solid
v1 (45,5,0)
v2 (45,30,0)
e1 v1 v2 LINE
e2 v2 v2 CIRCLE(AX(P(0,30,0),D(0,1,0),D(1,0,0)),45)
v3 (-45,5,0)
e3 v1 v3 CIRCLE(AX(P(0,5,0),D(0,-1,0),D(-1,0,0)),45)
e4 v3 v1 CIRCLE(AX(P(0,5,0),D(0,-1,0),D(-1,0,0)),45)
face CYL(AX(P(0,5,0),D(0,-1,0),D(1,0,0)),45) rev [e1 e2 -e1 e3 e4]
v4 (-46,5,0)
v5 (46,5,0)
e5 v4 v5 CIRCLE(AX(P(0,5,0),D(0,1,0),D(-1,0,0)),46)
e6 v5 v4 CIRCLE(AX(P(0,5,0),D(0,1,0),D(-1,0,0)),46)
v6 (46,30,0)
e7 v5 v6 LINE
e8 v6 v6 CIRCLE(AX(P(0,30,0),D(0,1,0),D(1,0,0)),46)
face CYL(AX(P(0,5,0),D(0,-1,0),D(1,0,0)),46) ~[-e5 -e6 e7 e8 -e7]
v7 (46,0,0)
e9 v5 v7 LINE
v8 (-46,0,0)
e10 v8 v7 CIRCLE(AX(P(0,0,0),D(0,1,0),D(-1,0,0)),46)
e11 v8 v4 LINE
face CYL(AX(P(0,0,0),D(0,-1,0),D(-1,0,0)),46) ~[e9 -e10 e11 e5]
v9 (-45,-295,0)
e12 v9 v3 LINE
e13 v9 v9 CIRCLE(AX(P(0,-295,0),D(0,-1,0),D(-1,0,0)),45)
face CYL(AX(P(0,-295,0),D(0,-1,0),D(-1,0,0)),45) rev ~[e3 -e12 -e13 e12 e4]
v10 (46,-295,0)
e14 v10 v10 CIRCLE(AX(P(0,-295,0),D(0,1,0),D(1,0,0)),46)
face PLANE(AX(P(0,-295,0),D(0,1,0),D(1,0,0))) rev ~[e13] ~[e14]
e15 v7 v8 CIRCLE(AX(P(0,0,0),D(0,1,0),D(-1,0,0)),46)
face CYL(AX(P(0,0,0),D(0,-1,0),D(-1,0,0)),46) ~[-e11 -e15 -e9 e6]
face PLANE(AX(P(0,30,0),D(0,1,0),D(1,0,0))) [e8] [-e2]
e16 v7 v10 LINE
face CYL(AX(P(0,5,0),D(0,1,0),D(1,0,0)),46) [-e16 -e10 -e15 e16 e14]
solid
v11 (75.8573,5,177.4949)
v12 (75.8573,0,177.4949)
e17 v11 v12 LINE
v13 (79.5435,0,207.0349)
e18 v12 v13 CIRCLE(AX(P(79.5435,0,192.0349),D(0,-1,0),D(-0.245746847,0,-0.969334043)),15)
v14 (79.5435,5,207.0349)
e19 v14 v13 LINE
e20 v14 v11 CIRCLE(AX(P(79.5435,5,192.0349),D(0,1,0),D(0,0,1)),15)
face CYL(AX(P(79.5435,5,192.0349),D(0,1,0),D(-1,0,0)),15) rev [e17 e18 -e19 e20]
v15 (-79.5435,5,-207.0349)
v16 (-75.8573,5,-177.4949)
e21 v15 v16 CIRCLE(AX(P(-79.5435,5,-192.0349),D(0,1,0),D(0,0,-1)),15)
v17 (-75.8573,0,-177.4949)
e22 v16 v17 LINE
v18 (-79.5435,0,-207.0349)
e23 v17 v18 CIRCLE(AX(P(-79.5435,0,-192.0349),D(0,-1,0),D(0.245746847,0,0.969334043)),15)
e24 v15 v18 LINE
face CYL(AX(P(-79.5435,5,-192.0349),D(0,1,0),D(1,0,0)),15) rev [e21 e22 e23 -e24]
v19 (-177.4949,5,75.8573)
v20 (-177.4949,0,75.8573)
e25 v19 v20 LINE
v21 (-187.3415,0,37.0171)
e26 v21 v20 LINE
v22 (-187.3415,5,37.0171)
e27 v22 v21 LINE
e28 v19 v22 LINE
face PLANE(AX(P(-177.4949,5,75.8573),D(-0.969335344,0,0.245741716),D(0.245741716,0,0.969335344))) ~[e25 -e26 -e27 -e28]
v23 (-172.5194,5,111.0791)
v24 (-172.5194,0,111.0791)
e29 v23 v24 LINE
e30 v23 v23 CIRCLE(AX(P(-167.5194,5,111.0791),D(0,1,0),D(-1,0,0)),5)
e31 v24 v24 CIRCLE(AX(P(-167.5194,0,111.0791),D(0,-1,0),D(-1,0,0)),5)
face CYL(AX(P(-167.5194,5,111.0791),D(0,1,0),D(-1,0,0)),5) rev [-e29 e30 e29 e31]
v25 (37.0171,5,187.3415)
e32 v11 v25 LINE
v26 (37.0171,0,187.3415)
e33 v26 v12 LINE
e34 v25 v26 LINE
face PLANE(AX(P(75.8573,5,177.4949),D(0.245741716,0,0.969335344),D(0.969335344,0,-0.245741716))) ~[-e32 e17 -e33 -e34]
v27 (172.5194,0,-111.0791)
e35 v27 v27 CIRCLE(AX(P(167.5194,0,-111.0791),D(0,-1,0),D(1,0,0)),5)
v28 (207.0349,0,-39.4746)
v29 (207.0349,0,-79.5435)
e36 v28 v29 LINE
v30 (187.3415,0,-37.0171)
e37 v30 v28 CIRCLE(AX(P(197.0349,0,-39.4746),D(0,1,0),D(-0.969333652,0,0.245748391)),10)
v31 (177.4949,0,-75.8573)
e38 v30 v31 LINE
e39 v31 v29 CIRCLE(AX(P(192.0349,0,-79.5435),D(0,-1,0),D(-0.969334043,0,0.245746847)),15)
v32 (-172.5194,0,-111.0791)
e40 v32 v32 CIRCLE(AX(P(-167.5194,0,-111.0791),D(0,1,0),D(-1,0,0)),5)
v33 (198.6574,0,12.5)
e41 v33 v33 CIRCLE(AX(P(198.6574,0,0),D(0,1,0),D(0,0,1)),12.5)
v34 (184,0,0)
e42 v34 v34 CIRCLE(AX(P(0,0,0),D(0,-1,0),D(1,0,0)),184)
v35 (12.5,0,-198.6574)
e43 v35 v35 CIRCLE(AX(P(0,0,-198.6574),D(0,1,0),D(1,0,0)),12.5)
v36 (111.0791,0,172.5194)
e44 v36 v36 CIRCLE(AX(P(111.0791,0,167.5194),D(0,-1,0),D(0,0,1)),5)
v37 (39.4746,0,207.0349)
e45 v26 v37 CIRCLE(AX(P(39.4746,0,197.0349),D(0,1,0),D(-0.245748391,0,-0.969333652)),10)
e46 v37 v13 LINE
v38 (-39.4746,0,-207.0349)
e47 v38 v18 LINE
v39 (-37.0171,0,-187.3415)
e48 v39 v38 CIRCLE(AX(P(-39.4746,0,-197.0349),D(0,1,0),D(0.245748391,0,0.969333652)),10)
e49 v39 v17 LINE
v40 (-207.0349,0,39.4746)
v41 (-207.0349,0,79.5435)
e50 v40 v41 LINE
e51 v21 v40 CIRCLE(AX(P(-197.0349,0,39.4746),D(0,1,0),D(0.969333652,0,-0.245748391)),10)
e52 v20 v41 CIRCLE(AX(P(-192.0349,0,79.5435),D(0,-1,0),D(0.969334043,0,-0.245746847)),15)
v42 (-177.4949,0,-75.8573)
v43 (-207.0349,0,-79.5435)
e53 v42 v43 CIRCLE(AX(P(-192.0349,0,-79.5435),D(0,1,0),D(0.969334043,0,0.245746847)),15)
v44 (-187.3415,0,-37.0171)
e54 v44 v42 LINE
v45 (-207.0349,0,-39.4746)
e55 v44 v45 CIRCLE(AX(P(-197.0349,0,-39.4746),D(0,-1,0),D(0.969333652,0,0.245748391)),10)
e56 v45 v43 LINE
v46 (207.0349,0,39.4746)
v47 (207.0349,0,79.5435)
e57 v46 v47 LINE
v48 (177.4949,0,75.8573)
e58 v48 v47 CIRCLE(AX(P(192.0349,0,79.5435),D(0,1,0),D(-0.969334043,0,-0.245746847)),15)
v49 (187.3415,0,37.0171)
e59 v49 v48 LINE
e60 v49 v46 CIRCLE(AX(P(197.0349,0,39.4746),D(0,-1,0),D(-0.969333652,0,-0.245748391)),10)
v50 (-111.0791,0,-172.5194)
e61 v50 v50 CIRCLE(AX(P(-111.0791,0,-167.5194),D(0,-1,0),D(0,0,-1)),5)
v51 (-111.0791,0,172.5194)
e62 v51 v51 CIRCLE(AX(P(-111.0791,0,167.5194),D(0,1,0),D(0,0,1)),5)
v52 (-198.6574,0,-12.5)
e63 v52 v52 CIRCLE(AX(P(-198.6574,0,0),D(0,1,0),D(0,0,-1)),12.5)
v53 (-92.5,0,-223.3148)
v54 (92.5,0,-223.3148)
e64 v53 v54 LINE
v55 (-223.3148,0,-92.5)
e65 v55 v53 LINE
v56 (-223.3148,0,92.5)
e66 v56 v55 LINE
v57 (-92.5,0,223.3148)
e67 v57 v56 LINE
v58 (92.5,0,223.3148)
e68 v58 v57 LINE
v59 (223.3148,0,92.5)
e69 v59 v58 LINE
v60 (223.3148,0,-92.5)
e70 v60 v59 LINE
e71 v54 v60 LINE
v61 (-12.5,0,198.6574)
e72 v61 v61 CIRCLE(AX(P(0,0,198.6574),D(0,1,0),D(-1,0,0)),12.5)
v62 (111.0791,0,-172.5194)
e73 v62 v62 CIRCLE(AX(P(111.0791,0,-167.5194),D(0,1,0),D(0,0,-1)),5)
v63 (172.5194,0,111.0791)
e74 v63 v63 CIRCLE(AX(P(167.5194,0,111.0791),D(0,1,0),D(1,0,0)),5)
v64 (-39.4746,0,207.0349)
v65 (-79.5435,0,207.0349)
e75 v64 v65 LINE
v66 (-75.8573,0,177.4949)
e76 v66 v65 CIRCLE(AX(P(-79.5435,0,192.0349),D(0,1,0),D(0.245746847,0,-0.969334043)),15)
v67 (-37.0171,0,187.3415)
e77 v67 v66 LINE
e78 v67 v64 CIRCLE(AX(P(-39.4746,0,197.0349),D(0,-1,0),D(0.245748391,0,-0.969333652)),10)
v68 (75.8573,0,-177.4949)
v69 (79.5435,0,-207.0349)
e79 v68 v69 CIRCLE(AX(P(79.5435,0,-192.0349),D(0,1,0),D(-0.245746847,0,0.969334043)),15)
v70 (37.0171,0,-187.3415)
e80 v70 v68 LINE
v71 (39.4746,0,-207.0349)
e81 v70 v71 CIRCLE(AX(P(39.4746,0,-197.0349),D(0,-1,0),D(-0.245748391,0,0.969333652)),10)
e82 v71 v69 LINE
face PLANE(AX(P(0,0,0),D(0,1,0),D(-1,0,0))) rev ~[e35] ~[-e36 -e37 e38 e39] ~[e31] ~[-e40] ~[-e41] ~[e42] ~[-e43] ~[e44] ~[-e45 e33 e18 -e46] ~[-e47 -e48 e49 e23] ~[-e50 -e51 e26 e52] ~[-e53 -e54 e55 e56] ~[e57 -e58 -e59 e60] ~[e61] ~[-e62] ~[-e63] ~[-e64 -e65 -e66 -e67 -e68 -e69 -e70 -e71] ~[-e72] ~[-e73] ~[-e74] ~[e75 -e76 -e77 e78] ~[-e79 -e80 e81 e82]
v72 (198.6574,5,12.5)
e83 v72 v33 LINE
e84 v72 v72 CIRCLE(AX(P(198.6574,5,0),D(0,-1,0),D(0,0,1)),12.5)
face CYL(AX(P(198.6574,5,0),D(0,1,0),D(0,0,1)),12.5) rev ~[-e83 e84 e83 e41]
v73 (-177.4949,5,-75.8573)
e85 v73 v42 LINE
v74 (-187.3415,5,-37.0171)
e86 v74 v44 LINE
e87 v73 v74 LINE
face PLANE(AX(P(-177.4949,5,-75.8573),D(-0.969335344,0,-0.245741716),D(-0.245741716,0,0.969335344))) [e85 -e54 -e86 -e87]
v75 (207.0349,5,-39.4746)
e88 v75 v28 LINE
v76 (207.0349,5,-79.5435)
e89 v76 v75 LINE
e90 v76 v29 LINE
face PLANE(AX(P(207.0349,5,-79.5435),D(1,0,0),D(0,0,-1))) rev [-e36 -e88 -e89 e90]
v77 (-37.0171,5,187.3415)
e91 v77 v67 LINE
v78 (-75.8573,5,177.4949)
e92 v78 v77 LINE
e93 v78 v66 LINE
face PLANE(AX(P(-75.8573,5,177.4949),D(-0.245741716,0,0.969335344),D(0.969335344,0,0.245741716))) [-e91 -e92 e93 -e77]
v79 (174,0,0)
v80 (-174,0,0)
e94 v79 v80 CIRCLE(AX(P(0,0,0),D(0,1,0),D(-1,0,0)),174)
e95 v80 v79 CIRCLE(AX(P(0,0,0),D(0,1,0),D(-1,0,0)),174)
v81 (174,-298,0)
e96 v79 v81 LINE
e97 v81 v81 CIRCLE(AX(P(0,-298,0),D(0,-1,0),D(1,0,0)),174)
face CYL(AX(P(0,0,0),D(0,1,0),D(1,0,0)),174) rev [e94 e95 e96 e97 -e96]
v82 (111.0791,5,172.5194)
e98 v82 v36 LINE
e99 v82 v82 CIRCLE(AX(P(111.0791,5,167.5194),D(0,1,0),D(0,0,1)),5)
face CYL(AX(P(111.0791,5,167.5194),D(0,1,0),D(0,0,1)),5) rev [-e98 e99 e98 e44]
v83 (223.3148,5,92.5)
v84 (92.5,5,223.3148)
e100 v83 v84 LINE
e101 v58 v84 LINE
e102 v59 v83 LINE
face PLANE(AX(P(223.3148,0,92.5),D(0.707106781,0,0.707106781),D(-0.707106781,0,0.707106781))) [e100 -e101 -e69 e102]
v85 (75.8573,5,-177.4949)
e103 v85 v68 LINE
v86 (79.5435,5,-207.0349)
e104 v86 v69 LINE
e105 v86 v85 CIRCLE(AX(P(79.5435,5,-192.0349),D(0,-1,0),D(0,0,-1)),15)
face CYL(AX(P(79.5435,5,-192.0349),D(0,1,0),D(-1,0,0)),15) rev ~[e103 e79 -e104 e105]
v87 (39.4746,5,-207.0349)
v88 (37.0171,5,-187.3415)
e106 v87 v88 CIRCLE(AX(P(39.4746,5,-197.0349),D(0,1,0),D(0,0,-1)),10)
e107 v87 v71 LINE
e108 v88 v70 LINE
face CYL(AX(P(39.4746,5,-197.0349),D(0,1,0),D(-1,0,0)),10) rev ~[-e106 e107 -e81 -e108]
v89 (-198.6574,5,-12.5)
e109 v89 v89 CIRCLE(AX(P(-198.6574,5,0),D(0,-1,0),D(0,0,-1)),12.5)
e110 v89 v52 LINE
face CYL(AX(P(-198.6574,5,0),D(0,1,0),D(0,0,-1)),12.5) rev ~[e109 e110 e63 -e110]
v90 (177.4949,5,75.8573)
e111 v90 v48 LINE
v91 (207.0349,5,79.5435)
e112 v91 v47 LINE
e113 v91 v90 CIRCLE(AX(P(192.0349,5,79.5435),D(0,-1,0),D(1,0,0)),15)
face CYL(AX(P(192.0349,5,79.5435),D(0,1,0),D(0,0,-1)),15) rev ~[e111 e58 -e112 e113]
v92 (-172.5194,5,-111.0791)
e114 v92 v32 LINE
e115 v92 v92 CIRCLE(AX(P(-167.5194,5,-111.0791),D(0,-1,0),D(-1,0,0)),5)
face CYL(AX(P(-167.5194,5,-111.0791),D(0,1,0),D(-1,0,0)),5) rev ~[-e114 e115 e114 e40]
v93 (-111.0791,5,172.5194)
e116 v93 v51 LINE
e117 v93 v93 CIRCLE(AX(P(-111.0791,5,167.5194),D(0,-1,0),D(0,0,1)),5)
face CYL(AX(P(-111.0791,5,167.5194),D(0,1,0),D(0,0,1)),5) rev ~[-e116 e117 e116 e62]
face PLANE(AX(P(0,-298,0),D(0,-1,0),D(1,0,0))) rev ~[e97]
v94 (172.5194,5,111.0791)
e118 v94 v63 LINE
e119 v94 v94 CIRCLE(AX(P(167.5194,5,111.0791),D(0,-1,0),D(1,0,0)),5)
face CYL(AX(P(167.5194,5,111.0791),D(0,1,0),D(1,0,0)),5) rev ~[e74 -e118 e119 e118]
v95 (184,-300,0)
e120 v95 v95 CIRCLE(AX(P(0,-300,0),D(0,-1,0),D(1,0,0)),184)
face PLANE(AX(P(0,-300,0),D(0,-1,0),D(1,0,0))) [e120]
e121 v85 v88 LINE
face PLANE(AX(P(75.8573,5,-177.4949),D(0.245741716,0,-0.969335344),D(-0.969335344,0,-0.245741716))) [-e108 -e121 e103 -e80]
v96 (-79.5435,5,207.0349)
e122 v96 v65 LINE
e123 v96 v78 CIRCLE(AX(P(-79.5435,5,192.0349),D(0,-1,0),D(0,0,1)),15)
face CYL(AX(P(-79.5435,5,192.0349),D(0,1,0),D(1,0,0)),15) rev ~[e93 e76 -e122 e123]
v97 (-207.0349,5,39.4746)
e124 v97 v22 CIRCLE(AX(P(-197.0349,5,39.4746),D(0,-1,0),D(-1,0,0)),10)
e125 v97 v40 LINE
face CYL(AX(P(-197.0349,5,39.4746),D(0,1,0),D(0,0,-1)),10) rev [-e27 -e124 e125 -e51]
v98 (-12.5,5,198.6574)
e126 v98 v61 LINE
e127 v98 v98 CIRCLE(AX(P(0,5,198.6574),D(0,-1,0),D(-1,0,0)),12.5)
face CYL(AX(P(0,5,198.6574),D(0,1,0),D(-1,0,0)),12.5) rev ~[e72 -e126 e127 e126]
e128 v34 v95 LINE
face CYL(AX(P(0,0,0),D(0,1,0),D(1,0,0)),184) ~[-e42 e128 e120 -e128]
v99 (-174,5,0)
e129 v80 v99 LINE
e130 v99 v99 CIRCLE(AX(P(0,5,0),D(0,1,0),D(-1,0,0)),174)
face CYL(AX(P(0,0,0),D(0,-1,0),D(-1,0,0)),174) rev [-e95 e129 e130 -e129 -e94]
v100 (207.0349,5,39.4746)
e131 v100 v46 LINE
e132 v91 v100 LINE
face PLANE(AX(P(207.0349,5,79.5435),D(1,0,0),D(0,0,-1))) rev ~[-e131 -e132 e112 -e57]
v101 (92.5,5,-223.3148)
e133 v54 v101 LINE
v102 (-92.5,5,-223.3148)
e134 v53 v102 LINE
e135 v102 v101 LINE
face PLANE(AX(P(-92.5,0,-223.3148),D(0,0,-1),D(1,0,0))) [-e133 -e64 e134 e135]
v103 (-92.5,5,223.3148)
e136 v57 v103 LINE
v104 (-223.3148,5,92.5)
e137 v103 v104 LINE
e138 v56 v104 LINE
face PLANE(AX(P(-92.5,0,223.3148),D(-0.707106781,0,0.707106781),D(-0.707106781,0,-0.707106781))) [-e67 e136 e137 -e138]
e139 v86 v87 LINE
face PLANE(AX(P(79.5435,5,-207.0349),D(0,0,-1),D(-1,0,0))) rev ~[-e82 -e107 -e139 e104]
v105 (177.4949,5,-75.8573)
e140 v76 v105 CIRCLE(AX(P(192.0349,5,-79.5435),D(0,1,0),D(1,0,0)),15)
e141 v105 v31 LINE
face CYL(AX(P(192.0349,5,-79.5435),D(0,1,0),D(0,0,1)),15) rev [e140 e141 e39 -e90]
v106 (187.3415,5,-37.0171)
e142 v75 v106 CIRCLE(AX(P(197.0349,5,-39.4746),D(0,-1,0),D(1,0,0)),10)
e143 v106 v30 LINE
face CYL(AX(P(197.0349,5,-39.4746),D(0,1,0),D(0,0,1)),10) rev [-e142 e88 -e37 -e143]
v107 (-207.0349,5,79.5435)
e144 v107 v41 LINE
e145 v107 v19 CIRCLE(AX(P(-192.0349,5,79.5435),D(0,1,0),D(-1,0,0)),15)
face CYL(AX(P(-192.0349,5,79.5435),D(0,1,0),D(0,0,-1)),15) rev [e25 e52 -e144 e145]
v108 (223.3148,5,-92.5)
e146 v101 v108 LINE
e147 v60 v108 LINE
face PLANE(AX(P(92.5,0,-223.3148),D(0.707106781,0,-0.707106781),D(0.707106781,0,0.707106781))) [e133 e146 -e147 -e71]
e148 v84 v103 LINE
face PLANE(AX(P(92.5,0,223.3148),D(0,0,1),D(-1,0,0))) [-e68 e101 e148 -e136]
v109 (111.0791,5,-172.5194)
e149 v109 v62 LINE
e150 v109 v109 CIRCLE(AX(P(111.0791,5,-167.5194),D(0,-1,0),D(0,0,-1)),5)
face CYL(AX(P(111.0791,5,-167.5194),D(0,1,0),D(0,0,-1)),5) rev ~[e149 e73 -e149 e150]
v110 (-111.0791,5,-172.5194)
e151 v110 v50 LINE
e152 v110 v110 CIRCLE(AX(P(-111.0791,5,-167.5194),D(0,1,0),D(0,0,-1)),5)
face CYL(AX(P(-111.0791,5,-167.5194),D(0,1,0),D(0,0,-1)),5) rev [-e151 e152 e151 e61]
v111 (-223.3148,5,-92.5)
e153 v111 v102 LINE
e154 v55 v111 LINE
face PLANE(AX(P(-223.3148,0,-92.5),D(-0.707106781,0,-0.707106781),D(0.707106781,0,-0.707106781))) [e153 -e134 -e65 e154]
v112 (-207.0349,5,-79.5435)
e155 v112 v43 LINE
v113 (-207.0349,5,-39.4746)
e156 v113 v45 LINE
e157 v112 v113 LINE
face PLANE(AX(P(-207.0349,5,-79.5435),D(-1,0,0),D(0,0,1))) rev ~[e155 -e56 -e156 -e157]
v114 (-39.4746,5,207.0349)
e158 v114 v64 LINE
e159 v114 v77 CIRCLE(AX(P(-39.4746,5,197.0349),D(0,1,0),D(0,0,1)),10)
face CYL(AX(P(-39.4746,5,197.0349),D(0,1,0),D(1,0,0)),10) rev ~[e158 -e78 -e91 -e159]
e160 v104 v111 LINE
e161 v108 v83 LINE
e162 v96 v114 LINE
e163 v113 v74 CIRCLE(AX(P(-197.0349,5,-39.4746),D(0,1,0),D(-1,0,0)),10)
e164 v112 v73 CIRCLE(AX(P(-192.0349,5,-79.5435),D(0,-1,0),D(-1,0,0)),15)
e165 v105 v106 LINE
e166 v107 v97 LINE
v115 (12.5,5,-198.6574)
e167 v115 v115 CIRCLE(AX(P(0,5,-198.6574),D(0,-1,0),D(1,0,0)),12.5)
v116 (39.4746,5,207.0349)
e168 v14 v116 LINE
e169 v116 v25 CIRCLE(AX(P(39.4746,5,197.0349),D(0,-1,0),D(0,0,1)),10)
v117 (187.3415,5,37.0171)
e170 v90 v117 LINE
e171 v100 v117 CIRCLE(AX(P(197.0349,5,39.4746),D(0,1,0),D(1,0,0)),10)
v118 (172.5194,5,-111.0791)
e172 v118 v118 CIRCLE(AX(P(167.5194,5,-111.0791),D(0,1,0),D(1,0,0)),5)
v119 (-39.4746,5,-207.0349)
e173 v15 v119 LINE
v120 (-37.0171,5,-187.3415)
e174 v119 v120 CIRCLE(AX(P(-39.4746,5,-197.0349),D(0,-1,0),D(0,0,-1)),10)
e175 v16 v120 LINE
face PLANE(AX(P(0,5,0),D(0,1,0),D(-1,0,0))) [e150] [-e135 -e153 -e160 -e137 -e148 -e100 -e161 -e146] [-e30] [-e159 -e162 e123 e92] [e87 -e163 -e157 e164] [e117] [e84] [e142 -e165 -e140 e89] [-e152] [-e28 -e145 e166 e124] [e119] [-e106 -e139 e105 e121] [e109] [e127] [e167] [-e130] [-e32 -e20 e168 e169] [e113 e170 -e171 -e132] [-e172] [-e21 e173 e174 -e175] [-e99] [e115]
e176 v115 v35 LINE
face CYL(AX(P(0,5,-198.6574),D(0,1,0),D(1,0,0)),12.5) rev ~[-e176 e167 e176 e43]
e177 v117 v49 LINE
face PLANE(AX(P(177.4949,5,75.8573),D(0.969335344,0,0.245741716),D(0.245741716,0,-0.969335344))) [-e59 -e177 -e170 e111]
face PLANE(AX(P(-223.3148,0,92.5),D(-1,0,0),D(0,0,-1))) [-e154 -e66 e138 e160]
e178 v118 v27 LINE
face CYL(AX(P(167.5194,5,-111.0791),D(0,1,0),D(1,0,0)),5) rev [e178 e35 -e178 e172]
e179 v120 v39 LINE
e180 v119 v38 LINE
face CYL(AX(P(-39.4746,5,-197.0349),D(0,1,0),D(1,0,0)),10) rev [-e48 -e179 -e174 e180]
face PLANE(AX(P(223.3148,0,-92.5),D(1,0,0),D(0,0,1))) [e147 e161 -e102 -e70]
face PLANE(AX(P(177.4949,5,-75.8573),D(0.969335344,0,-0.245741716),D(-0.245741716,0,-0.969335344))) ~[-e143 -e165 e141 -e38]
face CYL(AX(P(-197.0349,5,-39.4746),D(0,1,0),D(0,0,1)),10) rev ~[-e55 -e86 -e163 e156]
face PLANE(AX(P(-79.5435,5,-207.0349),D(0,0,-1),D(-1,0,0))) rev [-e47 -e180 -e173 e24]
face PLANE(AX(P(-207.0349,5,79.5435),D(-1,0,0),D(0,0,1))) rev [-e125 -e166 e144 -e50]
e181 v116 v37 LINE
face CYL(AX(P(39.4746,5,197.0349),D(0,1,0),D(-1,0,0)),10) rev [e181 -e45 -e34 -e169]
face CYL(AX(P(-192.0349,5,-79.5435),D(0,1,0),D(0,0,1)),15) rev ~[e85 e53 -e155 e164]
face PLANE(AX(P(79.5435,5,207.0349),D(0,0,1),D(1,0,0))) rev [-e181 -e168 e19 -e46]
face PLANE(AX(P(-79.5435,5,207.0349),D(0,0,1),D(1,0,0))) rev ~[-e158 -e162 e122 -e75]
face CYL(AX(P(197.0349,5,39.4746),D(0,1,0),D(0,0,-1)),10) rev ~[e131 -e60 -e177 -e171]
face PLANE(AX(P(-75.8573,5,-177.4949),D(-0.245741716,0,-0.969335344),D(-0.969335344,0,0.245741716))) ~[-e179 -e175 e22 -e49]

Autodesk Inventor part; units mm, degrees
ref_plane "YZ Plane" through (0, 0, 0) normal (1, 0, 0) x (0, 1, 0)
ref_plane "XZ Plane" through (0, 0, 0) normal (0, 1, 0) x (-1, 0, 0)
ref_plane "XY Plane" through (0, 0, 0) normal (0, 0, 1) x (1, 0, 0)
sketch "Sketch1" plane through (0, 0, 0) normal (0, 1, 0) x (-1, 0, 0)
  line L0 (-92.5, -223.3148) -> (-223.3148, -92.5)
  line L1 (-223.3148, -92.5) -> (-223.3148, 92.5)
  line L2 (-223.3148, 92.5) -> (-92.5, 223.3148)
  line L3 (-92.5, 223.3148) -> (92.5, 223.3148)
  line L4 (92.5, 223.3148) -> (223.3148, 92.5)
  line L5 (223.3148, 92.5) -> (223.3148, -92.5)
  line L6 (223.3148, -92.5) -> (92.5, -223.3148)
  line L7 (92.5, -223.3148) -> (-92.5, -223.3148)
  circle A0 centre (0, 0) radius 46
  circle A1 centre (0, 0) radius 174
  dimension "d0" = 185
  dimension "d1" = 128
  dimension "d2" = 92
extrude "Extrusion1" add sketch "Sketch1" along normal blind 5
sketch "Sketch2" plane through (0, 5, 0) normal (0, 1, 0) x (1, 0, 0)
  circle A0 centre (0, 0) radius 46
extrude "Extrusion2" add sketch "Sketch2" against normal blind 300
sketch "Sketch3" plane through (0, -295, 0) normal (0, -1, 0) x (-1, 0, 0)
  circle A0 centre (0, 0) radius 45
  dimension "d9" = 90
extrude "Extrusion3" cut sketch "Sketch3" against normal blind 300
sketch "Sketch4" plane through (0, 5, 0) normal (0, 1, 0) x (1, 0, 0)
  circle A0 centre (0, 0) radius 174 projected
  line L0 (0, 174) -> (0, 223.3148)
  line L1 (92.5, 223.3148) -> (-92.5, 223.3148) projected
  circle A1 centre (0, 198.6574) radius 12.5
  dimension "d10" = 25
extrude "Extrusion4" cut sketch "Sketch4" against normal blind 5 contours A1 L0 | L0 A1
pattern_circular "Circular Pattern1" count 4 over 360 about axis through (0, -10, 0) along (0, 1, 0) of "Extrusion4"
sketch "Sketch5" plane through (0, 5, 0) normal (0, 1, 0) x (1, 0, 0)
  line L0 (-223.3148, -92.5) -> (-92.5, -223.3148) projected
  line L1 (-92.5, -223.3148) -> (-66.5869, -160.755)
  circle A0 centre (0, 0) radius 174 projected
  circle A1 centre (-79.5435, -192.0349) radius 15
  line L2 (-92.5, -223.3148) -> (92.5, -223.3148) projected
  circle A2 centre (0, -198.6574) radius 12.5 projected
  line L3 (0, -211.1574) -> (0, -186.1574)
  line L4 (-44.7395, -223.3148) -> (-34.1805, -170.6098)
  line L5 (92.5, -223.3148) -> (223.3148, -92.5) projected
  line L6 (92.5, -223.3148) -> (66.5869, -160.755)
  circle A3 centre (79.5435, -192.0349) radius 15
  arc A4 (-79.5435, -192.0349) -> (79.5435, -192.0349) centre (0, 282.3572) ccw
  circle A5 centre (-39.4746, -197.0349) radius 10
  circle A6 centre (39.4746, -197.0349) radius 10
  line L7 (-79.5435, -207.0349) -> (-39.4746, -207.0349)
  line L8 (-79.5435, -192.0349) -> (-39.4746, -197.0349)
  line L9 (-75.8573, -177.4949) -> (-37.0171, -187.3415)
  dimension "d16" = 30
  dimension "d18" = 20
  dimension "d17" = 30
extrude "Extrusion5" cut sketch "Sketch5" against normal blind 5 contours A1 L1 | L1 A4 A1 | L8 A1 A4 | L1 A1 L8 | L9 L1 A1 | A1 A4 A5 L4 L7 | L4 A5 L7 | L1 L9 L4 A5 L8 A1 | A1 L8 A5 A4 | A5 A4 L4 | L4 A4 A5 | A5 L8 A4 | A5 L4 L8 | L9 A5 L4 | L4 A5 A4
mirror "Mirror1" about plane through (0, 0, 0) normal (1, 0, 0) of "Extrusion5"
pattern_circular "Circular Pattern2" count 4 over 360 about axis through (0, -10, 0) along (0, 1, 0) of "Extrusion5", "Mirror1"
sketch "Sketch6" plane through (0, 5, 0) normal (0, 1, 0) x (1, 0, 0)
  arc A0 (177.4949, -75.8573) -> (207.0349, -79.5435) centre (192.0349, -79.5435) ccw projected
  line L0 (207.0349, -79.5435) -> (207.0349, -39.4746) projected
  line L1 (207.0349, -79.5435) -> (177.0349, -79.5435)
  arc A1 (79.5435, -207.0349) -> (75.8573, -177.4949) centre (79.5435, -192.0349) ccw projected
  line L2 (75.8573, -177.4949) -> (79.5435, -192.0349)
  line L3 (0, 0) -> (79.5435, -79.5435)
  line L4 (92.5, -223.3148) -> (223.3148, -92.5) projected
  line L5 (92.5, -223.3148) -> (223.3148, -92.5) projected
  line L6 (79.5435, -79.5435) -> (157.9074, -157.9074)
  circle A2 centre (0, 0) radius 174 projected
  line L7 (123.0366, -123.0366) -> (157.9074, -157.9074)
  arc A3 (79.5435, -192.0349) -> (140.472, -140.472) centre (-199.6567, 199.6567) ccw
  arc A4 (140.472, -140.472) -> (192.0349, -79.5435) centre (-199.6567, 199.6567) ccw
  circle A5 centre (167.5194, -111.0791) radius 5
  dimension "d26" = 10
  dimension "d27" = 481.0145
extrude "Extrusion6" cut sketch "Sketch6" against normal blind 5 contours A5 A4 | A4 A5
mirror "Mirror2" about plane through (0, 0, 0) normal (0, 0, 1) of "Extrusion6"
pattern_circular "Circular Pattern3" count 4 over 360 about axis through (0, -10, 0) along (0, 1, 0) of "Extrusion6", "Mirror2"
sketch "Sketch7" plane through (0, 5, 0) normal (0, 1, 0) x (1, 0, 0)
  arc A0 (207.0349, 79.5435) -> (177.4949, 75.8573) centre (192.0349, 79.5435) ccw projected
  circle A1 centre (198.6574, 0) radius 12.5 projected
  line L0 (186.1574, 0) -> (198.6574, 0)
  arc A2 (187.3415, 37.0171) -> (207.0349, 39.4746) centre (197.0349, 39.4746) ccw projected
  line L1 (187.3415, 37.0171) -> (197.0349, 39.4746)
  line L2 (198.6574, 0) -> (197.0349, 39.4746)
  point P0 (0, 0)
  dimension "d33" = 39.4746
sketch "Sketch8" plane through (0, 0, 0) normal (0, -1, 0) x (1, 0, 0)
  circle A0 centre (0, 0) radius 184
  circle A1 centre (0, 0) radius 174 projected
  dimension "d34" = 10
extrude "Extrusion7" add sketch "Sketch8" along normal blind 300
sketch "Sketch9" plane through (0, -300, 0) normal (0, -1, 0) x (1, 0, 0)
  circle A0 centre (0, 0) radius 174
extrude "Extrusion8" add sketch "Sketch9" against normal blind 2
sketch "Sketch10" plane through (0, 5, 0) normal (0, 1, 0) x (1, 0, 0)
  circle A0 centre (0, 0) radius 45
  circle A1 centre (0, 0) radius 46
extrude "Extrusion9" add sketch "Sketch10" along normal blind 25
properties part number "Telescope_Base"
